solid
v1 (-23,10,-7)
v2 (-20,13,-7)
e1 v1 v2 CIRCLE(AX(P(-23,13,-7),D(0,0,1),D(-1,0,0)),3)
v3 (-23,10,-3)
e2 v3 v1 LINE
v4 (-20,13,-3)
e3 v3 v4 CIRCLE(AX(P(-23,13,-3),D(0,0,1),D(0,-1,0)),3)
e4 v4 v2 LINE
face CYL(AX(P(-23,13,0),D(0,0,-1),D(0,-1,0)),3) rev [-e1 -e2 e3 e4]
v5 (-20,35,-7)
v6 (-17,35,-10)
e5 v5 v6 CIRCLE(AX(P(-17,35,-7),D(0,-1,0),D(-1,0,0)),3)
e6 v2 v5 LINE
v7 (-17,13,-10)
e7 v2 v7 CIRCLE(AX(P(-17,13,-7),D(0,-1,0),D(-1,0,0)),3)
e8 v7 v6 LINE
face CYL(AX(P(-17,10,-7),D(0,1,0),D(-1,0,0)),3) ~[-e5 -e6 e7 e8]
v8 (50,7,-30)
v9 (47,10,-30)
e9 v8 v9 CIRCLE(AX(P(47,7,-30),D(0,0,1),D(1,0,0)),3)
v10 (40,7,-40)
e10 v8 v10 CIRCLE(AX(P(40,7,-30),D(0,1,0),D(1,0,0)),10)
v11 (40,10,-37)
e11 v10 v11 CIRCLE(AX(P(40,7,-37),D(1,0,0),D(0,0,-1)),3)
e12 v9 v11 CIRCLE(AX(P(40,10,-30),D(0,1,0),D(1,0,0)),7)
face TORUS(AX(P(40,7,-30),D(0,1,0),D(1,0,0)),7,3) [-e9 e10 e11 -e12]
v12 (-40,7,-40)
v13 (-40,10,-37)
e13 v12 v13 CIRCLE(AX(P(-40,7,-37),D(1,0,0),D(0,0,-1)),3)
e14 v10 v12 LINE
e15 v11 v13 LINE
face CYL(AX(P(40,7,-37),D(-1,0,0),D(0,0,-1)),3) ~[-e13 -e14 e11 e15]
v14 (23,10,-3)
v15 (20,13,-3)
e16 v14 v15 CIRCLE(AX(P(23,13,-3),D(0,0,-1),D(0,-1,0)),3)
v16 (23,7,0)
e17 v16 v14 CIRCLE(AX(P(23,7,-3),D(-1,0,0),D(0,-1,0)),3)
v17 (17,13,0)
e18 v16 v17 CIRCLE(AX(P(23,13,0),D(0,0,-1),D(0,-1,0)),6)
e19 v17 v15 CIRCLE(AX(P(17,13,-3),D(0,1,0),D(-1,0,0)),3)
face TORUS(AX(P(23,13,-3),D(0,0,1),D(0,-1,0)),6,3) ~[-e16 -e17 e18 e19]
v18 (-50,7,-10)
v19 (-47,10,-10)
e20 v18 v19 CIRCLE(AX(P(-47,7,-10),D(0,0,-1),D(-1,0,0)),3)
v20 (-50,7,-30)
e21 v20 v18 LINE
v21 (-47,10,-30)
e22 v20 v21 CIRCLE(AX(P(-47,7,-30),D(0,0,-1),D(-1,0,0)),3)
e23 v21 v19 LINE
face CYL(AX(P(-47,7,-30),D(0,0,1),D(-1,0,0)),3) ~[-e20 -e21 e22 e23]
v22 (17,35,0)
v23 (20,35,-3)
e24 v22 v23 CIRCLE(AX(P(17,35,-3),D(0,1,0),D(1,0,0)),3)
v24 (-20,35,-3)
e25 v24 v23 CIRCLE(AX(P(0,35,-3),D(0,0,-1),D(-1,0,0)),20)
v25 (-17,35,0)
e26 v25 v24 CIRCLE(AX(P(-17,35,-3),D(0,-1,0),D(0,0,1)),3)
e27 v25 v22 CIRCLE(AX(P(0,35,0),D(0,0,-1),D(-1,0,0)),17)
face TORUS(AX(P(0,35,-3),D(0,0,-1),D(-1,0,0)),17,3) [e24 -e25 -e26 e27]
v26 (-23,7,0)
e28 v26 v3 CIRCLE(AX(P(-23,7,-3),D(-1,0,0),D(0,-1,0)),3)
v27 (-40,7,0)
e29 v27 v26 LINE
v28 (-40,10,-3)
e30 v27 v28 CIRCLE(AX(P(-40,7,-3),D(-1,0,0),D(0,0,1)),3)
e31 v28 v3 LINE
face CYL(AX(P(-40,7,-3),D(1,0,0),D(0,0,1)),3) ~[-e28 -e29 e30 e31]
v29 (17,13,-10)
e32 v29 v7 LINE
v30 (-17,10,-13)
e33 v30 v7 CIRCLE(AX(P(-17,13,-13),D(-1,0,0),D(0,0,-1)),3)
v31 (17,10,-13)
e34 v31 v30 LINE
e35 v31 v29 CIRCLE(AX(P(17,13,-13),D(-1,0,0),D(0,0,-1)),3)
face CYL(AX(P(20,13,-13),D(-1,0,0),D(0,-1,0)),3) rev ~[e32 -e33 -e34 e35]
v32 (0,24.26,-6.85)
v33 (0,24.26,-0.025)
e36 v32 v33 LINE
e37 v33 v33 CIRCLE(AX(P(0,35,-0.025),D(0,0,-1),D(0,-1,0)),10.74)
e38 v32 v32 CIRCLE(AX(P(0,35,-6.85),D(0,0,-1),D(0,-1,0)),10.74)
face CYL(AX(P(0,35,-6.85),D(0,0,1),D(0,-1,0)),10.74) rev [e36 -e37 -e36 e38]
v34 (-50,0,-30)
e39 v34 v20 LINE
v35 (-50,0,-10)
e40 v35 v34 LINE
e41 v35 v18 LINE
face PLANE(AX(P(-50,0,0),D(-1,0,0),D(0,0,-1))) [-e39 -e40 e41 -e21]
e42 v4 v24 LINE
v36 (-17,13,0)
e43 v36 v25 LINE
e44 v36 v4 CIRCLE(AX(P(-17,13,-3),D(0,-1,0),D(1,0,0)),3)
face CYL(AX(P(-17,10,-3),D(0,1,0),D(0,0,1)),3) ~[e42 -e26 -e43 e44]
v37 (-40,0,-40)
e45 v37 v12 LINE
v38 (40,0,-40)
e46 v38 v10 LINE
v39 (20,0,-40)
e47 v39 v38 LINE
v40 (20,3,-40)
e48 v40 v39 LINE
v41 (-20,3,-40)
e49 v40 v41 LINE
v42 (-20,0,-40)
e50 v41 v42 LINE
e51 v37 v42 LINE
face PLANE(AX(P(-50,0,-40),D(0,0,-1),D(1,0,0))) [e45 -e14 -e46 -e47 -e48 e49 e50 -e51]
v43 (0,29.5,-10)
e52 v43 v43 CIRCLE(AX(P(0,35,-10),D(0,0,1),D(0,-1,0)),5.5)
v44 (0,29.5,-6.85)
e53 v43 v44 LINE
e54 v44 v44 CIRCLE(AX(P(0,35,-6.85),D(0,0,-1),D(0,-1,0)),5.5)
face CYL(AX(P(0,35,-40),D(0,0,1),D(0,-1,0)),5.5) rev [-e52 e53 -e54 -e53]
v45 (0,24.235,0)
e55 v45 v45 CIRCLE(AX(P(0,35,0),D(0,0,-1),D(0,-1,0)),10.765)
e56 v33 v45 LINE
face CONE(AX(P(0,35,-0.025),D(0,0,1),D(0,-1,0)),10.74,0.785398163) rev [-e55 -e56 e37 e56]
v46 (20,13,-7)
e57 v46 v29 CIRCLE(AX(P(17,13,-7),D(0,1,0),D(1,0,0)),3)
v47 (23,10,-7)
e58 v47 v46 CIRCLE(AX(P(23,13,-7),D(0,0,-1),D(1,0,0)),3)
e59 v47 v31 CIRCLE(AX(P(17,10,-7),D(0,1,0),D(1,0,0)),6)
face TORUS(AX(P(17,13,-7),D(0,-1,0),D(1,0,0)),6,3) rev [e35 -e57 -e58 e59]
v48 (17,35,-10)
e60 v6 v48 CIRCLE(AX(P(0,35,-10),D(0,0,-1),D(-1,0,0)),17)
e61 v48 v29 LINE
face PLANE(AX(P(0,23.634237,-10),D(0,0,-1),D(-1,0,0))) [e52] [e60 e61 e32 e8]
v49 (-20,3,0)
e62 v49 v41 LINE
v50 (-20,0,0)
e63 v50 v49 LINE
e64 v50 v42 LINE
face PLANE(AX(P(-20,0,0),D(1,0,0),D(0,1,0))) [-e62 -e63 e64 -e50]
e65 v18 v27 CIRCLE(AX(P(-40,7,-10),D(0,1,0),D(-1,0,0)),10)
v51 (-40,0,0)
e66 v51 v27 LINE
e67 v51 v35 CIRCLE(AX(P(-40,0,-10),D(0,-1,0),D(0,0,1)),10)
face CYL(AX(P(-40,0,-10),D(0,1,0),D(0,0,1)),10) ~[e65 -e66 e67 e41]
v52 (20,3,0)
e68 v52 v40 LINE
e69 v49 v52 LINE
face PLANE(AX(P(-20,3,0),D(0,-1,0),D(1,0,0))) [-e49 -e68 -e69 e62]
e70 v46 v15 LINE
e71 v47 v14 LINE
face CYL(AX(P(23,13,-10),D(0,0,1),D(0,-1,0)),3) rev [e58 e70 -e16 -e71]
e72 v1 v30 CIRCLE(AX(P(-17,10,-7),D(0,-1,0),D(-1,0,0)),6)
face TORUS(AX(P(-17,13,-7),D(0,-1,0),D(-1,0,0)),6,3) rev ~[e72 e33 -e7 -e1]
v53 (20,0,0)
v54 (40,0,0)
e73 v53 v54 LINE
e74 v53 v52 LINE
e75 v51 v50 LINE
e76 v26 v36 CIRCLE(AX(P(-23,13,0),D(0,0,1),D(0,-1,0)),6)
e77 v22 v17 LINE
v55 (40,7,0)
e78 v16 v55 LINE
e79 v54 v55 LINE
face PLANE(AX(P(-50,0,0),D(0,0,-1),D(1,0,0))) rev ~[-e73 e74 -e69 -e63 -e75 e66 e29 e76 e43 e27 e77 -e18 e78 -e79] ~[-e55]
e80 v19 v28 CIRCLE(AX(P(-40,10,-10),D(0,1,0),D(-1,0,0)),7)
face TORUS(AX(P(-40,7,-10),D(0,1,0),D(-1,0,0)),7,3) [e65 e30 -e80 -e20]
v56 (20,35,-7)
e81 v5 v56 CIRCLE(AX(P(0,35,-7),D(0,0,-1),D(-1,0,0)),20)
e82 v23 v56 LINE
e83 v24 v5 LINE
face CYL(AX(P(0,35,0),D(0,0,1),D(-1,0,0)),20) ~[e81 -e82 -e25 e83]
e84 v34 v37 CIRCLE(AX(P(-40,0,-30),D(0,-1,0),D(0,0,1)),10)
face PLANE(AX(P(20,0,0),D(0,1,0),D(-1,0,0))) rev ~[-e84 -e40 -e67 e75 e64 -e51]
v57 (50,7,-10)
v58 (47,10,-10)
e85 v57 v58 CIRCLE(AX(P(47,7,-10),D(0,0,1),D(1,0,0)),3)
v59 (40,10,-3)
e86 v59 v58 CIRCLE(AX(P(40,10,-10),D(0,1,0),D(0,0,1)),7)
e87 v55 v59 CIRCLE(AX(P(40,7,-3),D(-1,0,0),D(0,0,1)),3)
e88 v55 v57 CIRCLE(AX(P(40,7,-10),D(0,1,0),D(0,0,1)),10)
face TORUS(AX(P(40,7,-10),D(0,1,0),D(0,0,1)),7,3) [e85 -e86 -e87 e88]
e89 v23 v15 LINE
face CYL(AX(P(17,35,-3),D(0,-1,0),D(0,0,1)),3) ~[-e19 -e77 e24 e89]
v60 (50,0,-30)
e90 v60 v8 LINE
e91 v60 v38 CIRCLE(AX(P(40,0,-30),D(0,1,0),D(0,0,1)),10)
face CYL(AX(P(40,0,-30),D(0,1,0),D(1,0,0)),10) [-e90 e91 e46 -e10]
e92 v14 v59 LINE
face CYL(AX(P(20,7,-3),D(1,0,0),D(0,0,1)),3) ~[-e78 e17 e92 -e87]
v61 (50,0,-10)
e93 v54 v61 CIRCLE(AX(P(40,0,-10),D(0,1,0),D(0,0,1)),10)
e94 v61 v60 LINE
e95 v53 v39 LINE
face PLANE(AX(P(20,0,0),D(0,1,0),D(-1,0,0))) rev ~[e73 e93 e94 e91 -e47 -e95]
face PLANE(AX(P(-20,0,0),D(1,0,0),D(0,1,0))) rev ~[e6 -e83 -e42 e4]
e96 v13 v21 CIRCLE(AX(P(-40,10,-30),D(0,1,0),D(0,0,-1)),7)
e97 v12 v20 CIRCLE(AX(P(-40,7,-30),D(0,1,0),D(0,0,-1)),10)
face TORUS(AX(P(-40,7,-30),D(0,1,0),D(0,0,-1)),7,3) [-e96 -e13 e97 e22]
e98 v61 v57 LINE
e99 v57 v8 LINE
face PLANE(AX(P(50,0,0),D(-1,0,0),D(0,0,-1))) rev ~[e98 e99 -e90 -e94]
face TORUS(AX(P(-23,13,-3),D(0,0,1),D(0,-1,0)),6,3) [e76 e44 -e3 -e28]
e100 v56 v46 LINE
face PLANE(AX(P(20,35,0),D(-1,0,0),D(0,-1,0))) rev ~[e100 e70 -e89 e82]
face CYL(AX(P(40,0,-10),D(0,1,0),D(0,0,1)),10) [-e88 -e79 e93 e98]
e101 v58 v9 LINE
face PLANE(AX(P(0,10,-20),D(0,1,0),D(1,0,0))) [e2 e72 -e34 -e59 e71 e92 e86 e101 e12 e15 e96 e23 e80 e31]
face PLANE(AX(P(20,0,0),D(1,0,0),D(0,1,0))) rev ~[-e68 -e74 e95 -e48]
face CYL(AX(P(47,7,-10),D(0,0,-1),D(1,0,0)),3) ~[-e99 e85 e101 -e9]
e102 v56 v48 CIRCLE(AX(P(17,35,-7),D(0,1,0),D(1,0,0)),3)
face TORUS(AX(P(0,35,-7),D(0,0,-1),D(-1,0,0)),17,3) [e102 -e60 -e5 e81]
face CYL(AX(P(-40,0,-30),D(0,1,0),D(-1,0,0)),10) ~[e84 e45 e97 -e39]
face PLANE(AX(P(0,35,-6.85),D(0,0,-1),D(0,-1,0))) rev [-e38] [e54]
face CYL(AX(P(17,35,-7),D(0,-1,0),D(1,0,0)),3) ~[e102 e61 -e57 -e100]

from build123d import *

# Parameters (mm, degrees)
SKETCH3_W           = 100
SKETCH3_H           = 40
BOSS_EXTRUDE1_DEPTH = 10
BOSS_EXTRUDE2_DEPTH = 10
SKETCH5_W           = 40
SKETCH5_H           = 3
CUT_EXTRUDE1_DEPTH  = 85.409715081
FILLET1_R           = 10
FILLET2_R           = 3


with BuildPart() as part:
    # Sketch3 → Boss-Extrude1 (new body)
    with BuildSketch(Plane(origin=(0, 0, 0), x_dir=(1, 0, 0), z_dir=(0, 1, 0))):
        with Locations((0, 20)):
            Rectangle(SKETCH3_W, SKETCH3_H)
    extrude(amount=BOSS_EXTRUDE1_DEPTH)

    # Sketch4 → Boss-Extrude2 (add)
    with BuildSketch(Plane.XY):
        with BuildLine():
            Line((-20, 0), (-20, 35))
            ThreePointArc((-20, 35), (0, 55), (20, 35))
            Line((20, 35), (20, 0))
            Line((20, 0), (-20, 0))
        make_face()
    extrude(amount=-BOSS_EXTRUDE2_DEPTH)

    # Sketch5 → Cut-Extrude1 (cut, through all)
    with BuildSketch(Plane.XY):
        with Locations((0, 1.5)):
            Rectangle(SKETCH5_W, SKETCH5_H)
    extrude(amount=-CUT_EXTRUDE1_DEPTH, mode=Mode.SUBTRACT)

    # Sketch6 → CBORE for M10 Hex Head Bolt1 (revolve, cut)
    with BuildSketch(Plane(origin=(0, 35, 0), x_dir=(0, -1, 0), z_dir=(1, 0, 0))):
        Polygon((0, 0), (0, 40), (5.5, 40), (5.5, 6.85), (10.74, 6.85), (10.74, 0.025), (10.765, 0), align=None)
    revolve(axis=Axis((0, 35, 6.35), (0, 0, -1)), mode=Mode.SUBTRACT)

    # Fillet1
    fillet1_edges = [part.edges().sort_by_distance(p)[0] for p in [
        (-50, 5, -40),
        (50, 5, -40),
        (50, 5, 0),
        (-50, 5, 0),
    ]]
    fillet(fillet1_edges, radius=FILLET1_R)

    # Fillet2
    fillet2_edges = [part.edges().sort_by_distance(p)[0] for p in [
        (30, 10, 0),
        (-20, 22.5, -10),
        (20, 22.5, -10),
        (-20, 22.5, 0),
        (20, 22.5, 0),
        (0, 55, 0),
        (-20, 10, -5),
        (0, 55, -10),
        (20, 10, -5),
        (0, 10, -10),
        (0, 10, -40),
        (50, 10, -20),
        (-30, 10, 0),
        (-50, 10, -20),
        (-47.071067812, 10, -37.071067812),
        (-47.071067812, 10, -2.928932188),
        (47.071067812, 10, -2.928932188),
        (47.071067812, 10, -37.071067812),
    ]]
    fillet(fillet2_edges, radius=FILLET2_R)


solid = part.part
